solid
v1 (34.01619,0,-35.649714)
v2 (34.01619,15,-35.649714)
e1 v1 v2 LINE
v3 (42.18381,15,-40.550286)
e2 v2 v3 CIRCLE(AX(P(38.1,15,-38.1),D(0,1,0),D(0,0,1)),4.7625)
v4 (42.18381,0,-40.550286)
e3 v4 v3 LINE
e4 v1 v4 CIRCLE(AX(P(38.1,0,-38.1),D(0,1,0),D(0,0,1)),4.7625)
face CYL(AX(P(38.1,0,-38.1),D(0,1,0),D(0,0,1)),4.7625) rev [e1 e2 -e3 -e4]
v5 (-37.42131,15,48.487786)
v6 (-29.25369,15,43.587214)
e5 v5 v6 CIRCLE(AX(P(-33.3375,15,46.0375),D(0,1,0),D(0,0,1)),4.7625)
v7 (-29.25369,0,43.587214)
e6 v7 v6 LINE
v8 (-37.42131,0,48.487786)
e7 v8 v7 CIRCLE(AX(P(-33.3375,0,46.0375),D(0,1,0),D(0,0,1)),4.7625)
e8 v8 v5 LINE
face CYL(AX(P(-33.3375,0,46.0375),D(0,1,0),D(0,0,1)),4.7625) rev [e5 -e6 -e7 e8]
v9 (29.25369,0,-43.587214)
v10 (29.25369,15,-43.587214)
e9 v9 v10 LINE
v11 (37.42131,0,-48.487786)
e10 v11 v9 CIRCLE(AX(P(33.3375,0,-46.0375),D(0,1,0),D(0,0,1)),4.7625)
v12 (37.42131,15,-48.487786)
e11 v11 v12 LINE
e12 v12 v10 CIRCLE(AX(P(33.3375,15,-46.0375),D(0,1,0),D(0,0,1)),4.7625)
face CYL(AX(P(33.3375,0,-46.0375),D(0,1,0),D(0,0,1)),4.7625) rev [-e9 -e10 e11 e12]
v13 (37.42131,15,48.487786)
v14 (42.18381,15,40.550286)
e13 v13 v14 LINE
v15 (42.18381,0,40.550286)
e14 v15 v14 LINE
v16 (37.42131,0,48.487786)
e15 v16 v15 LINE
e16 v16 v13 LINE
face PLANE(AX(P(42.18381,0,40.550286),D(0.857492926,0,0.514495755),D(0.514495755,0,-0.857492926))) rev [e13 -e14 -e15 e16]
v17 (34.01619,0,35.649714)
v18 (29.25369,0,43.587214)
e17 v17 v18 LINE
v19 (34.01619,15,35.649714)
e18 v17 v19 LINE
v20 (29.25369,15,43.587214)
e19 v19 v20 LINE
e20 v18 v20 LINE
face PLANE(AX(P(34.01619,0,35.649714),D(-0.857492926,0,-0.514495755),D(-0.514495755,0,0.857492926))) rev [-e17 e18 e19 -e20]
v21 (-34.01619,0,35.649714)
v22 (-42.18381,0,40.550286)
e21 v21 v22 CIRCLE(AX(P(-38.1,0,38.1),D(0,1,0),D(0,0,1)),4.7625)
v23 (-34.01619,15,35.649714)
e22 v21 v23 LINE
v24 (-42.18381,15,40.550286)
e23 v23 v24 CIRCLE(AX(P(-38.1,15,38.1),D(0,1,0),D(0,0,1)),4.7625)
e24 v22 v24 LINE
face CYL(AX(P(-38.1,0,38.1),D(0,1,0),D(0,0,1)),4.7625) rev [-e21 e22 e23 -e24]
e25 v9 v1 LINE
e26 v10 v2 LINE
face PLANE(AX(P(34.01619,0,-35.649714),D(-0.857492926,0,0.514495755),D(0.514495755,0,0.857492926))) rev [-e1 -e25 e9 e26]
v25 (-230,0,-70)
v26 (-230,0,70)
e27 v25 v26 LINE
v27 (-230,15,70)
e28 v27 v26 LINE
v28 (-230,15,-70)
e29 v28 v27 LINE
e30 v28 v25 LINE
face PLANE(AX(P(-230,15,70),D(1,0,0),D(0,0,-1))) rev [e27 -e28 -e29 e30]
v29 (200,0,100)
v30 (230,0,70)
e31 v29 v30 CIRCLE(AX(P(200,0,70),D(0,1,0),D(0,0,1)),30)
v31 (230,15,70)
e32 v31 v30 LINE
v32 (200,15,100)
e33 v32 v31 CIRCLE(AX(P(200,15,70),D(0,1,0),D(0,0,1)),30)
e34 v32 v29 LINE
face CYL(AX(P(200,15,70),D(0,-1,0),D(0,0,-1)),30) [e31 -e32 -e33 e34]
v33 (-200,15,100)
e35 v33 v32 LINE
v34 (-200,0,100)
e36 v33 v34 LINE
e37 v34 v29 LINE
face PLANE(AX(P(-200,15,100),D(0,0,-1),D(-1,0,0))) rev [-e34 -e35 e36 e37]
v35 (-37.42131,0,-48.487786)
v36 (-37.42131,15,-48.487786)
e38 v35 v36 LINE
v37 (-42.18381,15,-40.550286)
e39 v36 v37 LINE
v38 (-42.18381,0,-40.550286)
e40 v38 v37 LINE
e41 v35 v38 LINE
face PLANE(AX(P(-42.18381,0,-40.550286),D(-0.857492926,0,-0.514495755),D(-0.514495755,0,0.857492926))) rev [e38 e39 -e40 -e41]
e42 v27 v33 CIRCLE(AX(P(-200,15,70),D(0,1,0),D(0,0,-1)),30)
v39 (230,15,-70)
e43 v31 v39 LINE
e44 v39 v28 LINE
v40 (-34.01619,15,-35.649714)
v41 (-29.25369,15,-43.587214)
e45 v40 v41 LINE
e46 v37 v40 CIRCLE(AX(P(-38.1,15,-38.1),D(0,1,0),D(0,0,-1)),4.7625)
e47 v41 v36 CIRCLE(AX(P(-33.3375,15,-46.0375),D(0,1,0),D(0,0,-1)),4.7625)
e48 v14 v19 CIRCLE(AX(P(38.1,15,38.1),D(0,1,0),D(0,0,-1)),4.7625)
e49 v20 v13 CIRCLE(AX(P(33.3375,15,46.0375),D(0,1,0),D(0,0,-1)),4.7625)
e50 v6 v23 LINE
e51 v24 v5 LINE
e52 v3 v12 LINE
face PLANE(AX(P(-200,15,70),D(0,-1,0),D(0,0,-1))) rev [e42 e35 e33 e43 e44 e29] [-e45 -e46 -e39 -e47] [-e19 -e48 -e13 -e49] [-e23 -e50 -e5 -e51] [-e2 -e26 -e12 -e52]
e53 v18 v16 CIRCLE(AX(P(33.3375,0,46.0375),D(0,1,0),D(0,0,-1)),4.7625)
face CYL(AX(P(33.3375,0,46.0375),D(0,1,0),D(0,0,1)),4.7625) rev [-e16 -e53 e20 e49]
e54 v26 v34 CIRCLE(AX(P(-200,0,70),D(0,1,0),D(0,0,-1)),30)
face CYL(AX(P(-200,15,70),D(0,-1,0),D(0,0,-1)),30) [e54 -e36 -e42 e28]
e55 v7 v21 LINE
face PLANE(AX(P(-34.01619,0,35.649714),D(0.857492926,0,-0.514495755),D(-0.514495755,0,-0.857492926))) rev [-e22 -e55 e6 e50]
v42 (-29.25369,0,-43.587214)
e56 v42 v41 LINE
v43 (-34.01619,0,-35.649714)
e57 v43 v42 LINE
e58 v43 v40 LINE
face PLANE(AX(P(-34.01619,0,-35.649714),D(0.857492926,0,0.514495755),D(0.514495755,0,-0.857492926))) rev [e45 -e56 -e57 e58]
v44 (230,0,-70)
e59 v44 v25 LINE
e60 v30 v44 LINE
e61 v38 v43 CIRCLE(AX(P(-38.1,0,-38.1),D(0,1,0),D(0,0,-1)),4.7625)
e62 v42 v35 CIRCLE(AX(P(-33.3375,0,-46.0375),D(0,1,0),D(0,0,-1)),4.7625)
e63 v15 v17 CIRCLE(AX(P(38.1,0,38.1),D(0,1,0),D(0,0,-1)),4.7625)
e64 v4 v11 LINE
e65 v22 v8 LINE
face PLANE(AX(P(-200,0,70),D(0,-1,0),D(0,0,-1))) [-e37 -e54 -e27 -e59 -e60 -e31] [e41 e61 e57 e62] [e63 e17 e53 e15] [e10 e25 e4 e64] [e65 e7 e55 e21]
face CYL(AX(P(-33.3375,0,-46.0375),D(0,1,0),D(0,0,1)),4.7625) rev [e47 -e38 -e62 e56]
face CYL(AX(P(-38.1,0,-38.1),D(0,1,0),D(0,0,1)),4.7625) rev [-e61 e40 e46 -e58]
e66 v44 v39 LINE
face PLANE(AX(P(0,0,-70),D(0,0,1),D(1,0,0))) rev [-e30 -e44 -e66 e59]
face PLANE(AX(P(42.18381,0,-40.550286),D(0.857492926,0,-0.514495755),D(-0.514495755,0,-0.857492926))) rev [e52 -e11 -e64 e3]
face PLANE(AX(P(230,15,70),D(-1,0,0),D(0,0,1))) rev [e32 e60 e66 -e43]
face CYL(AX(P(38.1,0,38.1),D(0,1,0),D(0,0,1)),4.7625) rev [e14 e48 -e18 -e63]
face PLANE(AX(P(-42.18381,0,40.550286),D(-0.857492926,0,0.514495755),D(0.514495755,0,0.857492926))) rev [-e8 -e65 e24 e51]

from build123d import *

# Parameters (mm, degrees)
BOSS_EXTRUDE1_DEPTH = 15
CUT_EXTRUDE2_DEPTH  = 16
SKETCH4_W           = 524.5681158
SKETCH4_H           = 94.971164408
CUT_EXTRUDE3_DEPTH  = 30


with BuildPart() as part:
    # Sketch1 → Boss-Extrude1 (new body)
    with BuildSketch(Plane(origin=(0, 0, 0), x_dir=(1, 0, 0), z_dir=(0, 1, 0))):
        with BuildLine():
            Line((-200, -100), (200, -100))
            ThreePointArc((200, -100), (221.213203436, -91.213203436), (230, -70))
            Line((230, -70), (230, 100))
            Line((230, 100), (-230, 100))
            Line((-230, 100), (-230, -70))
            ThreePointArc((-230, -70), (-221.213203436, -91.213203436), (-200, -100))
        make_face()
    extrude(amount=BOSS_EXTRUDE1_DEPTH)

    # Sketch3 → Cut-Extrude2 (cut, through all)
    with BuildSketch(Plane(origin=(0, 15, 0), x_dir=(1, 0, 0), z_dir=(0, 1, 0))):
        with BuildLine():
            Line((-2466.524123707, -5837.229065469), (-2474.461623707, -5841.991565469))
            ThreePointArc((-2474.461623707, -5841.991565469), (-2480.995719801, -5840.358041446), (-2479.362195777, -5833.823945352))
            Line((-2479.362195777, -5833.823945352), (-2471.424695777, -5829.061445352))
            ThreePointArc((-2471.424695777, -5829.061445352), (-2464.890599684, -5830.694969376), (-2466.524123707, -5837.229065469))
        make_face()
        with BuildLine():
            Line((-2466.524123707, -5905.261445352), (-2474.461623707, -5900.498945352))
            ThreePointArc((-2474.461623707, -5900.498945352), (-2480.995719801, -5902.132469376), (-2479.362195777, -5908.666565469))
            Line((-2479.362195777, -5908.666565469), (-2471.424695777, -5913.429065469))
            ThreePointArc((-2471.424695777, -5913.429065469), (-2464.890599684, -5911.795541446), (-2466.524123707, -5905.261445352))
        make_face()
        with BuildLine():
            Line((-2395.224695777, -5837.229065469), (-2387.287195777, -5841.991565469))
            ThreePointArc((-2387.287195777, -5841.991565469), (-2380.753099684, -5840.358041446), (-2382.386623707, -5833.823945352))
            Line((-2382.386623707, -5833.823945352), (-2390.324123707, -5829.061445352))
            ThreePointArc((-2390.324123707, -5829.061445352), (-2396.858219801, -5830.694969376), (-2395.224695777, -5837.229065469))
        make_face()
        with BuildLine():
            Line((-2395.224695777, -5905.261445352), (-2387.287195777, -5900.498945352))
            ThreePointArc((-2387.287195777, -5900.498945352), (-2380.753099684, -5902.132469376), (-2382.386623707, -5908.666565469))
            Line((-2382.386623707, -5908.666565469), (-2390.324123707, -5913.429065469))
            ThreePointArc((-2390.324123707, -5913.429065469), (-2396.858219801, -5911.795541446), (-2395.224695777, -5905.261445352))
        make_face()
        with BuildLine():
            Line((-34.016189941, -35.649713965), (-29.253689941, -43.587213965))
            ThreePointArc((-29.253689941, -43.587213965), (-30.887213965, -50.121310059), (-37.421310059, -48.487786035))
            Line((-37.421310059, -48.487786035), (-42.183810059, -40.550286035))
            ThreePointArc((-42.183810059, -40.550286035), (-40.550286035, -34.016189941), (-34.016189941, -35.649713965))
        make_face()
        with BuildLine():
            Line((34.016189941, -35.649713965), (29.253689941, -43.587213965))
            ThreePointArc((29.253689941, -43.587213965), (30.887213965, -50.121310059), (37.421310059, -48.487786035))
            Line((37.421310059, -48.487786035), (42.183810059, -40.550286035))
            ThreePointArc((42.183810059, -40.550286035), (40.550286035, -34.016189941), (34.016189941, -35.649713965))
        make_face()
        with BuildLine():
            Line((-34.016189941, 35.649713965), (-29.253689941, 43.587213965))
            ThreePointArc((-29.253689941, 43.587213965), (-30.887213965, 50.121310059), (-37.421310059, 48.487786035))
            Line((-37.421310059, 48.487786035), (-42.183810059, 40.550286035))
            ThreePointArc((-42.183810059, 40.550286035), (-40.550286035, 34.016189941), (-34.016189941, 35.649713965))
        make_face()
        with BuildLine():
            Line((34.016189941, 35.649713965), (29.253689941, 43.587213965))
            ThreePointArc((29.253689941, 43.587213965), (30.887213965, 50.121310059), (37.421310059, 48.487786035))
            Line((37.421310059, 48.487786035), (42.183810059, 40.550286035))
            ThreePointArc((42.183810059, 40.550286035), (40.550286035, 34.016189941), (34.016189941, 35.649713965))
        make_face()
    extrude(amount=-CUT_EXTRUDE2_DEPTH, mode=Mode.SUBTRACT)

    # Sketch4 → Cut-Extrude3 (cut)
    with BuildSketch(Plane(origin=(0, 0, -100), x_dir=(-1, 0, 0), z_dir=(0, 0, -1))):
        Rectangle(SKETCH4_W, SKETCH4_H)
    extrude(amount=-CUT_EXTRUDE3_DEPTH, mode=Mode.SUBTRACT)


solid = part.part
